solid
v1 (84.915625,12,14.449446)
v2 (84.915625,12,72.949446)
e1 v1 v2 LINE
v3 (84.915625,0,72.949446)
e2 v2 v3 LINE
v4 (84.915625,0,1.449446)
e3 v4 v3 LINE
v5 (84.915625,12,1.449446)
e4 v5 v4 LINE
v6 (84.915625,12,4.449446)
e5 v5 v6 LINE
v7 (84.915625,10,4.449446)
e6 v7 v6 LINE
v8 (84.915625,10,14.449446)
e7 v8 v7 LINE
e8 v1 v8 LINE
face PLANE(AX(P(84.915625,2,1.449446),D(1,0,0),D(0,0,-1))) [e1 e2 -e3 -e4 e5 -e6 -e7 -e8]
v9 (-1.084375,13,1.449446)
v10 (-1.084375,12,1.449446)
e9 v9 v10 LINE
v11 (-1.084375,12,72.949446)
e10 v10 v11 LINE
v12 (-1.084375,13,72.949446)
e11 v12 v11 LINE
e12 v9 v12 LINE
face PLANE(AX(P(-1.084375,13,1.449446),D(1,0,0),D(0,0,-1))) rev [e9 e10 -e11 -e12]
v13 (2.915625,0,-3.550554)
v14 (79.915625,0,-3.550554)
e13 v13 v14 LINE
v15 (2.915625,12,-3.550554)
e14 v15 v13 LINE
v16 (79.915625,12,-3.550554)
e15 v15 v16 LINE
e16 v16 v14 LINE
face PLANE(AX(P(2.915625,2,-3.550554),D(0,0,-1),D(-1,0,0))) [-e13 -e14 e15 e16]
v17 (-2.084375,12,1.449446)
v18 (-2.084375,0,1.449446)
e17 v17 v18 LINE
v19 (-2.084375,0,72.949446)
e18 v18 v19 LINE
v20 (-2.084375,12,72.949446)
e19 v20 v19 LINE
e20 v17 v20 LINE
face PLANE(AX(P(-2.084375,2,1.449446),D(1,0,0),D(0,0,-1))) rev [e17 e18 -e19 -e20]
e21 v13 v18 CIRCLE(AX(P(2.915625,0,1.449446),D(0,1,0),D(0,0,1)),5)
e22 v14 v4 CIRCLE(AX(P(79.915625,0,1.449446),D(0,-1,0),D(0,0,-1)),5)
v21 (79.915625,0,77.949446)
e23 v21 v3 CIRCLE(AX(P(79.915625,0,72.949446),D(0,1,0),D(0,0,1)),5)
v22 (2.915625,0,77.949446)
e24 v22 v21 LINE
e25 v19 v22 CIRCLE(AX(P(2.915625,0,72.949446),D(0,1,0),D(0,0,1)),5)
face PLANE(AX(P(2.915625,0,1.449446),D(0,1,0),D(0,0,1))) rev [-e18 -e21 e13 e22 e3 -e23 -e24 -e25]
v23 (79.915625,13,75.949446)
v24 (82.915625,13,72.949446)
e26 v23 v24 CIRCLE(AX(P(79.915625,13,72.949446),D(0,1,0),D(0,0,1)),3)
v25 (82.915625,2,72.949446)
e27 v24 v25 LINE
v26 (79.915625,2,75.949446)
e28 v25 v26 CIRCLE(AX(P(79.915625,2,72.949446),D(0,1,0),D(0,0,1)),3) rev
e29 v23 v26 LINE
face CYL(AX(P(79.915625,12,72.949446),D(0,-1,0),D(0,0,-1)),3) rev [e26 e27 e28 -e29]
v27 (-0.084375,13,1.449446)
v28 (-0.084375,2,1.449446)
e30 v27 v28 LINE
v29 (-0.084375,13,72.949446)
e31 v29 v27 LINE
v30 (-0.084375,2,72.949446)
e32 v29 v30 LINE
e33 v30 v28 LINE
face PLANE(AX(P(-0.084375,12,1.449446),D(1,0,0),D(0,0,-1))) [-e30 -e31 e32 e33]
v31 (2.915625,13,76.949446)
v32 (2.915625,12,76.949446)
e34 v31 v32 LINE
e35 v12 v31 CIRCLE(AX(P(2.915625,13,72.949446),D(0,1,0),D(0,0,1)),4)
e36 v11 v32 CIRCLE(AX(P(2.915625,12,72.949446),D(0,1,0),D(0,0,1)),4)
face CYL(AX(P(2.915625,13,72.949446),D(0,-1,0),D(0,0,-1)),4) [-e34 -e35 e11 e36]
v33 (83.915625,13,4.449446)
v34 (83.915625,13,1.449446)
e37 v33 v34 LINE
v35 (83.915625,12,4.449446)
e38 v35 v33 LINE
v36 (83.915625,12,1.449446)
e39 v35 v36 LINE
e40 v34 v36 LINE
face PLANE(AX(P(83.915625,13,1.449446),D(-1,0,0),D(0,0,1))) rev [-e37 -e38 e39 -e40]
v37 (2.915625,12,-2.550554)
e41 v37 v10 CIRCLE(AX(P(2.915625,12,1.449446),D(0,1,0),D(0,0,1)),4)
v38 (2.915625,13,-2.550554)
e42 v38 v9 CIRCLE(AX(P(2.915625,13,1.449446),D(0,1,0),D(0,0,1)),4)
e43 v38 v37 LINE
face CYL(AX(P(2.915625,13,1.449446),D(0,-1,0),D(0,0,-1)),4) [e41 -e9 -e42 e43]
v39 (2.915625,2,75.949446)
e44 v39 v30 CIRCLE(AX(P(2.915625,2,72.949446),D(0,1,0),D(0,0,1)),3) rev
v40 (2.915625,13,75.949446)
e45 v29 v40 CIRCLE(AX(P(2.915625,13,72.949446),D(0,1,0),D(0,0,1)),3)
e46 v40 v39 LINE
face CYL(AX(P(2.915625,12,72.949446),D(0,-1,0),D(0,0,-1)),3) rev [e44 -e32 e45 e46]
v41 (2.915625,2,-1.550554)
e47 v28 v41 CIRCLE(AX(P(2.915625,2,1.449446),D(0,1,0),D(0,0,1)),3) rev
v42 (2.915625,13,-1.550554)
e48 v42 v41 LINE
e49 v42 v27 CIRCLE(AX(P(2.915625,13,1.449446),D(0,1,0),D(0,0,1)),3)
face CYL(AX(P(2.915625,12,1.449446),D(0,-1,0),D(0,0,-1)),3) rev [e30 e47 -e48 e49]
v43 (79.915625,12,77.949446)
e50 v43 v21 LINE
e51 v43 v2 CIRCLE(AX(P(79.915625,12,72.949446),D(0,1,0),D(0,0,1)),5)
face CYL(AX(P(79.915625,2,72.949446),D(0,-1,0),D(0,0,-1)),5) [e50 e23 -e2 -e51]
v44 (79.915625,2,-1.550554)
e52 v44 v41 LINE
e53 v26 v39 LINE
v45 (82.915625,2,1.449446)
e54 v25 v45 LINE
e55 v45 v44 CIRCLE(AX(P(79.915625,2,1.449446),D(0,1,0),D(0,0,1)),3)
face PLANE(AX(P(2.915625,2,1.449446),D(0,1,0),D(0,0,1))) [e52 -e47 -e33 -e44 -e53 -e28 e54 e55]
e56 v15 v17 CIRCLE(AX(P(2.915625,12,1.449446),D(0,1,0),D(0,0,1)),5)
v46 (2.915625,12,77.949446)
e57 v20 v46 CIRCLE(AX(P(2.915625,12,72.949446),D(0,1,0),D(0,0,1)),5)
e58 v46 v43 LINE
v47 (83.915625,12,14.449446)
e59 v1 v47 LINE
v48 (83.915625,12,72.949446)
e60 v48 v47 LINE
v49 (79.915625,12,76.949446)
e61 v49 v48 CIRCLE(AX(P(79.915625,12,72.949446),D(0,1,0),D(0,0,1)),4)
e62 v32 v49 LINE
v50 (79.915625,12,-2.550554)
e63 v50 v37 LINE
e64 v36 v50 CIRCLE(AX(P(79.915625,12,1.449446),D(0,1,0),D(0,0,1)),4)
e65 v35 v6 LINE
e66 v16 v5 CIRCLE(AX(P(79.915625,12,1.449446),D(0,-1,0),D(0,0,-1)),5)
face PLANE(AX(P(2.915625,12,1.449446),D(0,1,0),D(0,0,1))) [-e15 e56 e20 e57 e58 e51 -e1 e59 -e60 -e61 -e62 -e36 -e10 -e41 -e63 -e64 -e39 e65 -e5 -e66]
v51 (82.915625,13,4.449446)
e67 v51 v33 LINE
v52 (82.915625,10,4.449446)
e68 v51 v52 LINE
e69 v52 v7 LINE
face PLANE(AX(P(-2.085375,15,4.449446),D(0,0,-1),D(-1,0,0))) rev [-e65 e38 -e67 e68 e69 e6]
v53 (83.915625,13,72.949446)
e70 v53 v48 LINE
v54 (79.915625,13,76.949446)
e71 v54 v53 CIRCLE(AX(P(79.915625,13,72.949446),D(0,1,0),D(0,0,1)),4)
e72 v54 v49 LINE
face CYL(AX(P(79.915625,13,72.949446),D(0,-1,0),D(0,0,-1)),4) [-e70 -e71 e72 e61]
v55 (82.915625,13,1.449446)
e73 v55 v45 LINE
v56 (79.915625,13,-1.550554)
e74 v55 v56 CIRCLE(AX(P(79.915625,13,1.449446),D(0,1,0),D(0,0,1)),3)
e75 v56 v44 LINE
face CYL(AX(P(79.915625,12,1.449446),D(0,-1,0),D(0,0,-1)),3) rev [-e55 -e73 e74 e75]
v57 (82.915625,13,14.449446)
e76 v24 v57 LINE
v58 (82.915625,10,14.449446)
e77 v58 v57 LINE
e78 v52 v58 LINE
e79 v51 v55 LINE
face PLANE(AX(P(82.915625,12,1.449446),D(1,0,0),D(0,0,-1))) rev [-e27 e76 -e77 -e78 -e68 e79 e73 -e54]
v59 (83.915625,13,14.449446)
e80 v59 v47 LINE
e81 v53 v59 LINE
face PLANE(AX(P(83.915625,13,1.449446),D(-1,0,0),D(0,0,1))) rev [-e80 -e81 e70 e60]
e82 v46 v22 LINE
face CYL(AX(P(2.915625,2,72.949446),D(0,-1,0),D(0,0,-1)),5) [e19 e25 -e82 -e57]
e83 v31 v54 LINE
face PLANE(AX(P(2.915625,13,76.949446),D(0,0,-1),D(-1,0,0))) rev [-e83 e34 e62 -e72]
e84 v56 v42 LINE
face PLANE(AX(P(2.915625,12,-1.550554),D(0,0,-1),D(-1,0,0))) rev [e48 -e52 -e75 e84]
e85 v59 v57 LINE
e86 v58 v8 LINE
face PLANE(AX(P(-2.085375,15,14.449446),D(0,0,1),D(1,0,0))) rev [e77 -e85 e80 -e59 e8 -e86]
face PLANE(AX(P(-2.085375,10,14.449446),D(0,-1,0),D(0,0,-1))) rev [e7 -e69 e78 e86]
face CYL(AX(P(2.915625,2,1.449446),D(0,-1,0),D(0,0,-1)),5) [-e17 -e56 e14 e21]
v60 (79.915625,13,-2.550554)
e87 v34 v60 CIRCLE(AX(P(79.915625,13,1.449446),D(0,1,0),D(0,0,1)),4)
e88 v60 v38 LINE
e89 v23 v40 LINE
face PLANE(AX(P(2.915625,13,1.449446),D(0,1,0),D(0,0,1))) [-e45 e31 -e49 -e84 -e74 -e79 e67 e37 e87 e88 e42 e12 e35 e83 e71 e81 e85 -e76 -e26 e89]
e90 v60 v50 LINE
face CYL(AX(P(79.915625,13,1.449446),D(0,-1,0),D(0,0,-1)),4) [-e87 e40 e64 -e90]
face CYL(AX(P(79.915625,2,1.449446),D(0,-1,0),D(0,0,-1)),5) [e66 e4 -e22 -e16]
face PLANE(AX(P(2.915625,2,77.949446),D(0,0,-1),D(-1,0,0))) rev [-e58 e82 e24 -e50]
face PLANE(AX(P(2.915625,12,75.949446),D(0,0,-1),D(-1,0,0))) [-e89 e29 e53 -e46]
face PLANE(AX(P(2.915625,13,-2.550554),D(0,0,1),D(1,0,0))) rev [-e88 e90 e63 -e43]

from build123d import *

# Parameters (mm, degrees)
EXTRUDE_4_DEPTH     = 2
EXTRUDE_5_DEPTH     = 12
EXTRUDE_START       = -12
EXTRUDE_7_DEPTH     = 1
CUT_EXTRUDE_START   = 2
CUT_EXTRUDE_4_DEPTH = 11
CUT_EXTRUDE_5_REACH = 119.533
SKETCH_4_W          = 10
SKETCH_4_H          = 5


with BuildPart() as part:
    # Эскиз1 → Бобышка-Вытянуть4 (new body)
    with BuildSketch(Plane(origin=(0, 0, 0), x_dir=(1, 0, 0), z_dir=(0, 1, 0))):
        with BuildLine():
            Line((-2.084374602, -1.449446306), (-2.084374602, -72.949446306))
            ThreePointArc((-2.084374602, -72.949446306), (-0.619908508, -76.484980212), (2.915625398, -77.949446306))
            Line((2.915625398, -77.949446306), (79.915625398, -77.949446306))
            ThreePointArc((79.915625398, -77.949446306), (83.451159304, -76.484980212), (84.915625398, -72.949446306))
            Line((84.915625398, -72.949446306), (84.915625398, -1.449446306))
            ThreePointArc((84.915625398, -1.449446306), (83.451159304, 2.0860876), (79.915625398, 3.550553694))
            Line((79.915625398, 3.550553694), (2.915625398, 3.550553694))
            ThreePointArc((2.915625398, 3.550553694), (-0.619908508, 2.0860876), (-2.084374602, -1.449446306))
        make_face()
    extrude(amount=EXTRUDE_4_DEPTH)

    # Эскиз1<9> → Бобышка-Вытянуть5 (add)
    with BuildSketch(Plane(origin=(0, 0, 0), x_dir=(1, 0, 0), z_dir=(0, 1, 0))):
        with BuildLine():
            Line((-2.084374602, -1.449446306), (-2.084374602, -72.949446306))
            ThreePointArc((-2.084374602, -72.949446306), (-0.619908508, -76.484980212), (2.915625398, -77.949446306))
            Line((2.915625398, -77.949446306), (79.915625398, -77.949446306))
            ThreePointArc((79.915625398, -77.949446306), (83.451159304, -76.484980212), (84.915625398, -72.949446306))
            Line((84.915625398, -72.949446306), (84.915625398, -1.449446306))
            ThreePointArc((84.915625398, -1.449446306), (83.451159304, 2.0860876), (79.915625398, 3.550553694))
            Line((79.915625398, 3.550553694), (2.915625398, 3.550553694))
            ThreePointArc((2.915625398, 3.550553694), (-0.619908508, 2.0860876), (-2.084374602, -1.449446306))
        make_face()
        with BuildLine():
            Line((-0.084374602, -1.449446306), (-0.084374602, -72.949446306))
            ThreePointArc((-0.084374602, -72.949446306), (0.794305055, -75.070766649), (2.915625398, -75.949446306))
            Line((2.915625398, -75.949446306), (79.915625398, -75.949446306))
            ThreePointArc((79.915625398, -75.949446306), (82.036945742, -75.070766649), (82.915625398, -72.949446306))
            Line((82.915625398, -72.949446306), (82.915625398, -1.449446306))
            ThreePointArc((82.915625398, -1.449446306), (82.036945742, 0.671874038), (79.915625398, 1.550553694))
            Line((79.915625398, 1.550553694), (2.915625398, 1.550553694))
            ThreePointArc((2.915625398, 1.550553694), (0.794305055, 0.671874038), (-0.084374602, -1.449446306))
        make_face(mode=Mode.SUBTRACT)
    extrude(amount=EXTRUDE_5_DEPTH)

    # Эскиз3 → Бобышка-Вытянуть7 (add)
    with BuildSketch(Plane.XZ.offset(EXTRUDE_START)):
        with BuildLine():
            Line((2.915625398, -2.550553694), (79.915625398, -2.550553694))
            ThreePointArc((79.915625398, -2.550553694), (82.744052523, -1.378980819), (83.915625398, 1.449446306))
            Line((83.915625398, 1.449446306), (83.915625398, 72.949446306))
            ThreePointArc((83.915625398, 72.949446306), (82.744052523, 75.777873431), (79.915625398, 76.949446306))
            Line((79.915625398, 76.949446306), (2.915625398, 76.949446306))
            ThreePointArc((2.915625398, 76.949446306), (0.087198273, 75.777873431), (-1.084374602, 72.949446306))
            Line((-1.084374602, 72.949446306), (-1.084374602, 1.449446306))
            ThreePointArc((-1.084374602, 1.449446306), (0.087198273, -1.378980819), (2.915625398, -2.550553694))
        make_face()
    extrude(amount=-EXTRUDE_7_DEPTH)

    # Эскиз1<13> → Вырез-Вытянуть4 (cut)
    with BuildSketch(Plane(origin=(0, 0, 0), x_dir=(1, 0, 0), z_dir=(0, 1, 0)).offset(CUT_EXTRUDE_START)):
        with BuildLine():
            Line((-0.084374602, -1.449446306), (-0.084374602, -72.949446306))
            ThreePointArc((-0.084374602, -72.949446306), (0.794305055, -75.070766649), (2.915625398, -75.949446306))
            Line((2.915625398, -75.949446306), (79.915625398, -75.949446306))
            ThreePointArc((79.915625398, -75.949446306), (82.036945742, -75.070766649), (82.915625398, -72.949446306))
            Line((82.915625398, -72.949446306), (82.915625398, -1.449446306))
            ThreePointArc((82.915625398, -1.449446306), (82.036945742, 0.671874038), (79.915625398, 1.550553694))
            Line((79.915625398, 1.550553694), (2.915625398, 1.550553694))
            ThreePointArc((2.915625398, 1.550553694), (0.794305055, 0.671874038), (-0.084374602, -1.449446306))
        make_face()
    extrude(amount=CUT_EXTRUDE_4_DEPTH, mode=Mode.SUBTRACT)

    # Эскиз4 → Вырез-Вытянуть5 (cut, up to next)
    with BuildSketch(Plane(origin=(84.915625398, 0, 0), x_dir=(0, 0, -1), z_dir=(1, 0, 0)), mode=Mode.PRIVATE) as cut_extrude_5_sk1:
        with Locations((-9.449446306, 12.5)):
            Rectangle(SKETCH_4_W, SKETCH_4_H)
    cut_extrude_5_tool1 = extrude(cut_extrude_5_sk1.sketch, amount=-CUT_EXTRUDE_5_REACH, mode=Mode.PRIVATE) & part.part
    add(cut_extrude_5_tool1.solids().sort_by_distance((84.915625, 12.5, 9.449446))[0], mode=Mode.SUBTRACT)


solid = part.part
